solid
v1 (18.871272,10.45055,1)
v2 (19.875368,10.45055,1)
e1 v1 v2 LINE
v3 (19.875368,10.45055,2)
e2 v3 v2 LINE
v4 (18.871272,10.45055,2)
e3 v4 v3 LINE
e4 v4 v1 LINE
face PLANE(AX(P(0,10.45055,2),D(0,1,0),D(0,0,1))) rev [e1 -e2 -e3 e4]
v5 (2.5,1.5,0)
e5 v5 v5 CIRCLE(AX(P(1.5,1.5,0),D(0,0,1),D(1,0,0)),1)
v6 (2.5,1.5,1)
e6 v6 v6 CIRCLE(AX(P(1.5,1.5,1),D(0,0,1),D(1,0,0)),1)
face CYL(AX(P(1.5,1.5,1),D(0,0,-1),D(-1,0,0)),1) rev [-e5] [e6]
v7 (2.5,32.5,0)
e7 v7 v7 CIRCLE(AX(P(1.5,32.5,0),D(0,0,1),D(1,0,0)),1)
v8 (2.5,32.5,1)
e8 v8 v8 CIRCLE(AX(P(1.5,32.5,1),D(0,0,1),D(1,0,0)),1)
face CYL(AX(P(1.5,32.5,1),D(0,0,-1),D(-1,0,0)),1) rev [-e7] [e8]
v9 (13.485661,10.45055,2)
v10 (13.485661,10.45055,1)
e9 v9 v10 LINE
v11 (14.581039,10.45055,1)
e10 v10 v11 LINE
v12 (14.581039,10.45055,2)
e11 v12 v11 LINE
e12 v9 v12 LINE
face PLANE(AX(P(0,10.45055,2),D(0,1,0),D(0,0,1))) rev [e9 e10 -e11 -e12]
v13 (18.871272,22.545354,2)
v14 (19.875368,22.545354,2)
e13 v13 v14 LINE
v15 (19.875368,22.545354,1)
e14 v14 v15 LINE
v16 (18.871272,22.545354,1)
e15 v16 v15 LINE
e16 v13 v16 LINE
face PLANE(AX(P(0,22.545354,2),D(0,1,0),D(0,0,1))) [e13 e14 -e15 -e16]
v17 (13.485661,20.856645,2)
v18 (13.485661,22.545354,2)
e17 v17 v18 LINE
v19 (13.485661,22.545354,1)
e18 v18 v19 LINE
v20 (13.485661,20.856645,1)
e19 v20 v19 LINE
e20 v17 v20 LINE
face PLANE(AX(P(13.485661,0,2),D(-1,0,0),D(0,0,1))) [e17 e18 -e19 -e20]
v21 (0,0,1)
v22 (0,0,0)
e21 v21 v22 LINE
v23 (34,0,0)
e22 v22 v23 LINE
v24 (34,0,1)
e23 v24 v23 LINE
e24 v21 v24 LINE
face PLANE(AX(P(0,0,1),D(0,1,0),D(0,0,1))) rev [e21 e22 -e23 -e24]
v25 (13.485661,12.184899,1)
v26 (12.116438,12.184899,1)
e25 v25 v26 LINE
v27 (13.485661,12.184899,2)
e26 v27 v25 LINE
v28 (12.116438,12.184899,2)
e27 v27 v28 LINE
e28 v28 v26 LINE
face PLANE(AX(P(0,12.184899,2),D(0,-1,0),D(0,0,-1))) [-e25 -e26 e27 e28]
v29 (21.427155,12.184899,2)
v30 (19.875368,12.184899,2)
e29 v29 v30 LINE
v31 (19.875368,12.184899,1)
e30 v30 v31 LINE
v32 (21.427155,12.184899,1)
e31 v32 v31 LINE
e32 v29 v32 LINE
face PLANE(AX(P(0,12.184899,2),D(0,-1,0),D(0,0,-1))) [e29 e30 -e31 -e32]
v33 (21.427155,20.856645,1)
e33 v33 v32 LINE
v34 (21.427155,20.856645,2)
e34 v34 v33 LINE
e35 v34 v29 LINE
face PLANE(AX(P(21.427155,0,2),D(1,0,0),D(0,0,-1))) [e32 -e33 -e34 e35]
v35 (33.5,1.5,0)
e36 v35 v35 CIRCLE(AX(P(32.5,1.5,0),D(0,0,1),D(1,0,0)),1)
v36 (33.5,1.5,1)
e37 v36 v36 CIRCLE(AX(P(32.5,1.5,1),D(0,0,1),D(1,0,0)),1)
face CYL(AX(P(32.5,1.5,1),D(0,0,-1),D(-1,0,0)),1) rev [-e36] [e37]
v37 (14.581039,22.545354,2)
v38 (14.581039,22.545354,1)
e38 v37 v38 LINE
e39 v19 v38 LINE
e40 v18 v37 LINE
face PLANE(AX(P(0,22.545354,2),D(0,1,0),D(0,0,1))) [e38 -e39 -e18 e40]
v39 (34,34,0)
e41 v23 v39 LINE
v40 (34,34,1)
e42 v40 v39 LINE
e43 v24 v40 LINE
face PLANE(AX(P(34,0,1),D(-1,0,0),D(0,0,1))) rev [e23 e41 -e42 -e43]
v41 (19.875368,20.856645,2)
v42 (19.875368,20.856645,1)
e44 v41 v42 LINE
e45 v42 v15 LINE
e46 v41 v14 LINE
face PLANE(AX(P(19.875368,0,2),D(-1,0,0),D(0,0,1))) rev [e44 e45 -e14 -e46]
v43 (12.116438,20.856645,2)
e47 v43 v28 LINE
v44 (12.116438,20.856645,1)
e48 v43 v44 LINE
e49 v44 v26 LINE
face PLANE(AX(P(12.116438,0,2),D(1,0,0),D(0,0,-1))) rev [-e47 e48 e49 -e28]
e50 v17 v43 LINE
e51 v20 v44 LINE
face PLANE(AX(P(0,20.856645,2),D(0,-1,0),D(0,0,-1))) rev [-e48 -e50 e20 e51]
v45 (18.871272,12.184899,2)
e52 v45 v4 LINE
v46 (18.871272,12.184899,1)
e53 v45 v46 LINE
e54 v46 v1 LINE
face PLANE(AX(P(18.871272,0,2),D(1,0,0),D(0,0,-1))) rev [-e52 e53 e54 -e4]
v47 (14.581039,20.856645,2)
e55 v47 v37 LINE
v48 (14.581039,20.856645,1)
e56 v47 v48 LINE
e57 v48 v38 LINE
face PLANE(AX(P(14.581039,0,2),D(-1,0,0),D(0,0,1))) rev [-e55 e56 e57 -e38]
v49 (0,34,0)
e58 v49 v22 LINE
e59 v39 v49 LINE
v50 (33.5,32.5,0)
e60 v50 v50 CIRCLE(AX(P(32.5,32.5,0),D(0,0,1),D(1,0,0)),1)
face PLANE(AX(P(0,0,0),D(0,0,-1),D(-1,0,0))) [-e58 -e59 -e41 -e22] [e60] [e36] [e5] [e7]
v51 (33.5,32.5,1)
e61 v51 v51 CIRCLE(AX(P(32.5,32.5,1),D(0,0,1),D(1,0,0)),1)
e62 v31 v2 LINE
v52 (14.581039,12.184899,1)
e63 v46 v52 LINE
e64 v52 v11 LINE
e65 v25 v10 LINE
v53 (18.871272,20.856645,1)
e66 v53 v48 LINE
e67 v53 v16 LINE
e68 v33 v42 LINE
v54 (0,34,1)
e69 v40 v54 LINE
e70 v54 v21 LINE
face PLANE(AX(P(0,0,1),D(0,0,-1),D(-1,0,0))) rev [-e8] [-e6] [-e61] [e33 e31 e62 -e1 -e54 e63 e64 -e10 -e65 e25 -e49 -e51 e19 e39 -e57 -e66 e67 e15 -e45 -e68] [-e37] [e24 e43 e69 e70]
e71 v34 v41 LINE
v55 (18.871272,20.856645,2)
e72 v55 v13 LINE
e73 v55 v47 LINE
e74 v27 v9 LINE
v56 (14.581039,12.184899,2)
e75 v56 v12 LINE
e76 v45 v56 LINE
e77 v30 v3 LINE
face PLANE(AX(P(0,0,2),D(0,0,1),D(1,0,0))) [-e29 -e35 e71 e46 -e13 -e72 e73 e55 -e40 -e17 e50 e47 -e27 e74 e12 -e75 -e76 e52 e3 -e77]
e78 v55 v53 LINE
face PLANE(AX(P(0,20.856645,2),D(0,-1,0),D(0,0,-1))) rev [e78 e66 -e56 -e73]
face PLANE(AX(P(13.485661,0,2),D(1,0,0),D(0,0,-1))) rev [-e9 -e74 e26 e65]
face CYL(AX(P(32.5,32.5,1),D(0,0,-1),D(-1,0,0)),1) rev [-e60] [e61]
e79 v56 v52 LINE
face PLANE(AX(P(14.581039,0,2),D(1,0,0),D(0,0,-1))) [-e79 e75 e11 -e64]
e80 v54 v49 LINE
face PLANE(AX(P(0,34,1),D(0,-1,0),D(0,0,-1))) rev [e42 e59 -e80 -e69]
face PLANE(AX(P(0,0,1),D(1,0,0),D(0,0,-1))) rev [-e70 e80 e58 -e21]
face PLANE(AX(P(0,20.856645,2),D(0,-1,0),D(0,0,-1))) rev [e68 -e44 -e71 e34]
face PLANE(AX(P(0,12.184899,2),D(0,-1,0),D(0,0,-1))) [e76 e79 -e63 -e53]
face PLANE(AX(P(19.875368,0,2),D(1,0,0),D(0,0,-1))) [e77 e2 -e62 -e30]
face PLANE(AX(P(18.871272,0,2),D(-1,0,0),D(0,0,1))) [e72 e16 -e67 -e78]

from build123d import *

# Parameters (mm, degrees)
CROQUIS1_W              = 34
CROQUIS1_H              = 34
CROQUIS1_R              = 1
SALIENTE_EXTRUIR1_DEPTH = 1
CROQUIS2_W              = 9.310717014
CROQUIS2_H              = 8.671746239
CROQUIS2_W_2            = 1.095378472
CROQUIS2_H_2            = 1.688708478
CROQUIS2_W_3            = 1.004096933
CROQUIS2_H_3            = 1.734349248
SALIENTE_EXTRUIR2_DEPTH = 1


with BuildPart() as part:
    # Croquis1 → Saliente-Extruir1 (new body)
    with BuildSketch(Plane.XY):
        with Locations((17, 17)):
            Rectangle(CROQUIS1_W, CROQUIS1_H)
        with Locations((1.5, 32.5)):
            Circle(CROQUIS1_R, mode=Mode.SUBTRACT)
        with Locations((32.5, 32.5)):
            Circle(CROQUIS1_R, mode=Mode.SUBTRACT)
        with Locations((1.5, 1.5)):
            Circle(CROQUIS1_R, mode=Mode.SUBTRACT)
        with Locations((32.5, 1.5)):
            Circle(CROQUIS1_R, mode=Mode.SUBTRACT)
    extrude(amount=SALIENTE_EXTRUIR1_DEPTH)

    # Croquis2 → Saliente-Extruir2 (add)
    with BuildSketch(Plane.XY.offset(1)):
        with Locations((16.771796152, 16.520771918)):
            Rectangle(CROQUIS2_W, CROQUIS2_H)
        with Locations((14.033349971, 21.700999277)):
            Rectangle(CROQUIS2_W_2, CROQUIS2_H_2)
        with Locations((19.373320023, 21.700999277)):
            Rectangle(CROQUIS2_W_3, CROQUIS2_H_2)
        with Locations((14.033349971, 11.317724175)):
            Rectangle(CROQUIS2_W_2, CROQUIS2_H_3)
        with Locations((19.373320023, 11.317724175)):
            Rectangle(CROQUIS2_W_3, CROQUIS2_H_3)
    extrude(amount=SALIENTE_EXTRUIR2_DEPTH)


solid = part.part
